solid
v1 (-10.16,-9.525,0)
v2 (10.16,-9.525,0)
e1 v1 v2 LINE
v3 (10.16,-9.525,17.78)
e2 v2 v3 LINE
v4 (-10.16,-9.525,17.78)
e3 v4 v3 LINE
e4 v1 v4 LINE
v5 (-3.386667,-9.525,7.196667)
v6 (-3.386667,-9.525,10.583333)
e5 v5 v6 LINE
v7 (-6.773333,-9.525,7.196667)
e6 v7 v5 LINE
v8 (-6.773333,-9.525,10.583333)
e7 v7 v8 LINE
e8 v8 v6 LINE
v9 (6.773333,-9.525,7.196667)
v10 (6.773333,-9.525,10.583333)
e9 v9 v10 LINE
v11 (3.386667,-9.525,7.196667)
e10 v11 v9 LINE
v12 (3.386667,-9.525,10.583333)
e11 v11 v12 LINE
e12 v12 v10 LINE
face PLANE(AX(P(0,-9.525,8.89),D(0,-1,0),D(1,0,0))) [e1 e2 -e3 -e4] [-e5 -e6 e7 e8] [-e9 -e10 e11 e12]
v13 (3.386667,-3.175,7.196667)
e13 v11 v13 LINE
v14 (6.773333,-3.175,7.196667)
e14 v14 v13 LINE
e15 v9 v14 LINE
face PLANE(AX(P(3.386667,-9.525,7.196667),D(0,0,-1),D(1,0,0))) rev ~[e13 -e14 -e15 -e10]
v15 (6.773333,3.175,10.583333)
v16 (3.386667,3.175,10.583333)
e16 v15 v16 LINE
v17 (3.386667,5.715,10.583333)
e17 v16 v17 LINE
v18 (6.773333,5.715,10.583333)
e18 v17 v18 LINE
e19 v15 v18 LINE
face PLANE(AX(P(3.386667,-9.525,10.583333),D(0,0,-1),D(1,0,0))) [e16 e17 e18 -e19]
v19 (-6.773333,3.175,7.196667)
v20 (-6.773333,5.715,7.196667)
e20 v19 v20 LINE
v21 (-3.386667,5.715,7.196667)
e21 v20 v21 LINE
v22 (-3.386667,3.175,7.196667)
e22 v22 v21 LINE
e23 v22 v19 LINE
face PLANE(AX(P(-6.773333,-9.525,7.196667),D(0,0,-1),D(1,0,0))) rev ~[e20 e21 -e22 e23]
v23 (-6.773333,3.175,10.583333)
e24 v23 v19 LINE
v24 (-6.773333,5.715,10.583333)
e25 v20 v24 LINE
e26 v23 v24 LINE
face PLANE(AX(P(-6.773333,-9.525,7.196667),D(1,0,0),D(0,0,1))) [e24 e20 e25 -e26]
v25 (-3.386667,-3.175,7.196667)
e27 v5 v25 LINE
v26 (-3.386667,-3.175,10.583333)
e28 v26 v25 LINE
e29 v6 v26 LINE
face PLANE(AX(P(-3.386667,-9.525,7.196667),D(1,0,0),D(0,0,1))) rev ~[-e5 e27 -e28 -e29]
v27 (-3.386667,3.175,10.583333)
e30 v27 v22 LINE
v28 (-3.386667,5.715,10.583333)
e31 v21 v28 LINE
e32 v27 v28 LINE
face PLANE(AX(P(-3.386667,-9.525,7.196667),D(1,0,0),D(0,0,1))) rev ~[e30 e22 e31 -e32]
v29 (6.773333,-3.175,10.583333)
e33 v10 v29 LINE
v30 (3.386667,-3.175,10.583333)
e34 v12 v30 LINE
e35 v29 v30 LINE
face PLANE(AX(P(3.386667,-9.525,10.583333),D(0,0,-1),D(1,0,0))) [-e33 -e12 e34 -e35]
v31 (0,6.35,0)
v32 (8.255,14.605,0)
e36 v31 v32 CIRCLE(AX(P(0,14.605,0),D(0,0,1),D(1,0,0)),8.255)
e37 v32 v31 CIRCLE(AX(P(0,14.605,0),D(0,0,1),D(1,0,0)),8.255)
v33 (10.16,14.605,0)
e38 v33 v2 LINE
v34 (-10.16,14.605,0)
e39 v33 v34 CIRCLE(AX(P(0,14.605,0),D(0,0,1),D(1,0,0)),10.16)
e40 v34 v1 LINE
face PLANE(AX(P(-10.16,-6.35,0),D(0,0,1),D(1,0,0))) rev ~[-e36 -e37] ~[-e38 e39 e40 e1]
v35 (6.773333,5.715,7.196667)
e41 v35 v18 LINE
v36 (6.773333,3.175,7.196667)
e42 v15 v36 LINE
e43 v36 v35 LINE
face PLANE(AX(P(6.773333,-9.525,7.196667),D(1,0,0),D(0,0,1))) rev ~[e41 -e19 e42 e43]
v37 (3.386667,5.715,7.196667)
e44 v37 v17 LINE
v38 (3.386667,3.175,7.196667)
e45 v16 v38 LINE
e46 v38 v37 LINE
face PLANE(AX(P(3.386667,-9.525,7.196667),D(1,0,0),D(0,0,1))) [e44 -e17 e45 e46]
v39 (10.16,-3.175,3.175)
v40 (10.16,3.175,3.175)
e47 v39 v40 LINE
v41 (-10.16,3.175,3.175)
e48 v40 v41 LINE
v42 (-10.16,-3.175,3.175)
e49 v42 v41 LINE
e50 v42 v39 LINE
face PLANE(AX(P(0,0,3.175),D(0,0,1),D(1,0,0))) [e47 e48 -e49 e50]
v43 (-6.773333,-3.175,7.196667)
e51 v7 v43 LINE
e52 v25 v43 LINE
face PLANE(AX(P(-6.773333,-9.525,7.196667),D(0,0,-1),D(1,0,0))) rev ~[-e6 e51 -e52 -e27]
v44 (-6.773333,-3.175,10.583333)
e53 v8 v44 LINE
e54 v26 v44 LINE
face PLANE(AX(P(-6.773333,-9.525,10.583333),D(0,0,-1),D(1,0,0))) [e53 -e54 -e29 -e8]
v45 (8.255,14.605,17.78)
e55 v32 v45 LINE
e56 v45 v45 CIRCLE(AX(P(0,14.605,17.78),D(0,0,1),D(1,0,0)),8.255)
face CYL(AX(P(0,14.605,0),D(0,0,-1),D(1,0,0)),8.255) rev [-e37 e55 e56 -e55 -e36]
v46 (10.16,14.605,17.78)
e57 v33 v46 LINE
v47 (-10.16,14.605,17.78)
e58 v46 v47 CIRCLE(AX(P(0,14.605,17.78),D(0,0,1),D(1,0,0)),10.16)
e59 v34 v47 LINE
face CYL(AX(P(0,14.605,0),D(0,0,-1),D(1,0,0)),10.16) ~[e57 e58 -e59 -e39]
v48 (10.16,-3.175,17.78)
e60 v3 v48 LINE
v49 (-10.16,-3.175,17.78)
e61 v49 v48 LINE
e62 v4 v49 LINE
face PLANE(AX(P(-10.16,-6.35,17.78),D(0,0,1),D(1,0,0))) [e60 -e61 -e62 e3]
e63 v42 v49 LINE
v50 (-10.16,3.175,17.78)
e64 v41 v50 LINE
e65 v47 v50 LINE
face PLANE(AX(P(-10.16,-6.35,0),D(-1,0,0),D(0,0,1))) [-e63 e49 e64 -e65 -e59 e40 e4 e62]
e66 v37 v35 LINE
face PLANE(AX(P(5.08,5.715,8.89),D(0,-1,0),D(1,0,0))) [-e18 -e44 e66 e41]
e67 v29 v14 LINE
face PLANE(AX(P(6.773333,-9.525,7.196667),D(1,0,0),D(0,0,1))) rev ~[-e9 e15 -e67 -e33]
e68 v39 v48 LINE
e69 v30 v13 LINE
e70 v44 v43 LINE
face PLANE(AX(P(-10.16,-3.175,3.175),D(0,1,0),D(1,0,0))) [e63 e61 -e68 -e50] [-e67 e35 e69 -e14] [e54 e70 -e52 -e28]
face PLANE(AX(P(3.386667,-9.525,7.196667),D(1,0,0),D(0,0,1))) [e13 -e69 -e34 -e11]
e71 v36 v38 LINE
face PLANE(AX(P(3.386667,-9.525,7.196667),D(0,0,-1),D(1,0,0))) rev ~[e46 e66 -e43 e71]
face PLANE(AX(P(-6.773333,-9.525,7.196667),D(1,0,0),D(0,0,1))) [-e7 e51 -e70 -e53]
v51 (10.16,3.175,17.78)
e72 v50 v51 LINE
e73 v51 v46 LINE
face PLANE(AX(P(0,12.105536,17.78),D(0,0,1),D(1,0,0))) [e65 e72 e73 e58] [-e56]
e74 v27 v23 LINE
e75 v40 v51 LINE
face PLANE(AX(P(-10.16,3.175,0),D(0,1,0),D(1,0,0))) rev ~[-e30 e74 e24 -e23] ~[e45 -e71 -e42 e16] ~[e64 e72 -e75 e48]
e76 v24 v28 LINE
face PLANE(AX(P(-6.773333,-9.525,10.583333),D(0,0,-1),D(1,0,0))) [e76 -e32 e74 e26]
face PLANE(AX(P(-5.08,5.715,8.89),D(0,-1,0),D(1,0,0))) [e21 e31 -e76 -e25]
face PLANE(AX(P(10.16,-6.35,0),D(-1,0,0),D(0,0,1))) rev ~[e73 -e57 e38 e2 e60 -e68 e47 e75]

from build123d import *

# Parameters (mm, degrees)
F0_W     = 20.32
F0_H     = 12.7
F1_DEPTH = 3.175
F2_W     = 20.32
F2_H     = 3.175
F3_DEPTH = 14.605
F4_R     = 8.255
F5_DEPTH = 17.78
F6_W     = 20.32
F6_H     = 17.78
F7_DEPTH = 3.175
F8_W     = 3.386666
F8_H     = 3.386666
F9_DEPTH = 15.24


with BuildPart() as f1:
    # F0 (on Top) → F1 (new body)
    with BuildSketch(Plane.XY):
        Rectangle(F0_W, F0_H)
    extrude(amount=F1_DEPTH)

    # F2 (on face) → F3 (join)
    with BuildSketch(Plane.XY.offset(3.175)):
        with Locations((0, -4.7625)):
            Rectangle(F2_W, F2_H)
    extrude(amount=F3_DEPTH)

    # F4 (on Top) → F5 (join)
    with BuildSketch(Plane.XY):
        with BuildLine():
            Line((10.16, 3.175), (10.16, 14.605))
            ThreePointArc((10.16, 14.605), (0, 24.765), (-10.16, 14.605))
            Line((-10.16, 14.605), (-10.16, 3.175))
            Line((-10.16, 3.175), (10.16, 3.175))
        make_face()
        with Locations((0, 14.605)):
            Circle(F4_R, mode=Mode.SUBTRACT)
    extrude(amount=F5_DEPTH)

    # F6 (on face) → F7 (join)
    with BuildSketch(Plane.XZ.offset(6.35)):
        with Locations((0, 8.89)):
            Rectangle(F6_W, F6_H)
    extrude(amount=F7_DEPTH)

    # F8 (on face) → F9 (cut)
    with BuildSketch(Plane.XZ.offset(9.525)):
        with Locations((-5.08, 8.89)):
            Rectangle(F8_W, F8_H)
        with Locations((5.08, 8.89)):
            Rectangle(F8_W, F8_H)
    extrude(amount=-F9_DEPTH, mode=Mode.SUBTRACT)


solid = f1.part
